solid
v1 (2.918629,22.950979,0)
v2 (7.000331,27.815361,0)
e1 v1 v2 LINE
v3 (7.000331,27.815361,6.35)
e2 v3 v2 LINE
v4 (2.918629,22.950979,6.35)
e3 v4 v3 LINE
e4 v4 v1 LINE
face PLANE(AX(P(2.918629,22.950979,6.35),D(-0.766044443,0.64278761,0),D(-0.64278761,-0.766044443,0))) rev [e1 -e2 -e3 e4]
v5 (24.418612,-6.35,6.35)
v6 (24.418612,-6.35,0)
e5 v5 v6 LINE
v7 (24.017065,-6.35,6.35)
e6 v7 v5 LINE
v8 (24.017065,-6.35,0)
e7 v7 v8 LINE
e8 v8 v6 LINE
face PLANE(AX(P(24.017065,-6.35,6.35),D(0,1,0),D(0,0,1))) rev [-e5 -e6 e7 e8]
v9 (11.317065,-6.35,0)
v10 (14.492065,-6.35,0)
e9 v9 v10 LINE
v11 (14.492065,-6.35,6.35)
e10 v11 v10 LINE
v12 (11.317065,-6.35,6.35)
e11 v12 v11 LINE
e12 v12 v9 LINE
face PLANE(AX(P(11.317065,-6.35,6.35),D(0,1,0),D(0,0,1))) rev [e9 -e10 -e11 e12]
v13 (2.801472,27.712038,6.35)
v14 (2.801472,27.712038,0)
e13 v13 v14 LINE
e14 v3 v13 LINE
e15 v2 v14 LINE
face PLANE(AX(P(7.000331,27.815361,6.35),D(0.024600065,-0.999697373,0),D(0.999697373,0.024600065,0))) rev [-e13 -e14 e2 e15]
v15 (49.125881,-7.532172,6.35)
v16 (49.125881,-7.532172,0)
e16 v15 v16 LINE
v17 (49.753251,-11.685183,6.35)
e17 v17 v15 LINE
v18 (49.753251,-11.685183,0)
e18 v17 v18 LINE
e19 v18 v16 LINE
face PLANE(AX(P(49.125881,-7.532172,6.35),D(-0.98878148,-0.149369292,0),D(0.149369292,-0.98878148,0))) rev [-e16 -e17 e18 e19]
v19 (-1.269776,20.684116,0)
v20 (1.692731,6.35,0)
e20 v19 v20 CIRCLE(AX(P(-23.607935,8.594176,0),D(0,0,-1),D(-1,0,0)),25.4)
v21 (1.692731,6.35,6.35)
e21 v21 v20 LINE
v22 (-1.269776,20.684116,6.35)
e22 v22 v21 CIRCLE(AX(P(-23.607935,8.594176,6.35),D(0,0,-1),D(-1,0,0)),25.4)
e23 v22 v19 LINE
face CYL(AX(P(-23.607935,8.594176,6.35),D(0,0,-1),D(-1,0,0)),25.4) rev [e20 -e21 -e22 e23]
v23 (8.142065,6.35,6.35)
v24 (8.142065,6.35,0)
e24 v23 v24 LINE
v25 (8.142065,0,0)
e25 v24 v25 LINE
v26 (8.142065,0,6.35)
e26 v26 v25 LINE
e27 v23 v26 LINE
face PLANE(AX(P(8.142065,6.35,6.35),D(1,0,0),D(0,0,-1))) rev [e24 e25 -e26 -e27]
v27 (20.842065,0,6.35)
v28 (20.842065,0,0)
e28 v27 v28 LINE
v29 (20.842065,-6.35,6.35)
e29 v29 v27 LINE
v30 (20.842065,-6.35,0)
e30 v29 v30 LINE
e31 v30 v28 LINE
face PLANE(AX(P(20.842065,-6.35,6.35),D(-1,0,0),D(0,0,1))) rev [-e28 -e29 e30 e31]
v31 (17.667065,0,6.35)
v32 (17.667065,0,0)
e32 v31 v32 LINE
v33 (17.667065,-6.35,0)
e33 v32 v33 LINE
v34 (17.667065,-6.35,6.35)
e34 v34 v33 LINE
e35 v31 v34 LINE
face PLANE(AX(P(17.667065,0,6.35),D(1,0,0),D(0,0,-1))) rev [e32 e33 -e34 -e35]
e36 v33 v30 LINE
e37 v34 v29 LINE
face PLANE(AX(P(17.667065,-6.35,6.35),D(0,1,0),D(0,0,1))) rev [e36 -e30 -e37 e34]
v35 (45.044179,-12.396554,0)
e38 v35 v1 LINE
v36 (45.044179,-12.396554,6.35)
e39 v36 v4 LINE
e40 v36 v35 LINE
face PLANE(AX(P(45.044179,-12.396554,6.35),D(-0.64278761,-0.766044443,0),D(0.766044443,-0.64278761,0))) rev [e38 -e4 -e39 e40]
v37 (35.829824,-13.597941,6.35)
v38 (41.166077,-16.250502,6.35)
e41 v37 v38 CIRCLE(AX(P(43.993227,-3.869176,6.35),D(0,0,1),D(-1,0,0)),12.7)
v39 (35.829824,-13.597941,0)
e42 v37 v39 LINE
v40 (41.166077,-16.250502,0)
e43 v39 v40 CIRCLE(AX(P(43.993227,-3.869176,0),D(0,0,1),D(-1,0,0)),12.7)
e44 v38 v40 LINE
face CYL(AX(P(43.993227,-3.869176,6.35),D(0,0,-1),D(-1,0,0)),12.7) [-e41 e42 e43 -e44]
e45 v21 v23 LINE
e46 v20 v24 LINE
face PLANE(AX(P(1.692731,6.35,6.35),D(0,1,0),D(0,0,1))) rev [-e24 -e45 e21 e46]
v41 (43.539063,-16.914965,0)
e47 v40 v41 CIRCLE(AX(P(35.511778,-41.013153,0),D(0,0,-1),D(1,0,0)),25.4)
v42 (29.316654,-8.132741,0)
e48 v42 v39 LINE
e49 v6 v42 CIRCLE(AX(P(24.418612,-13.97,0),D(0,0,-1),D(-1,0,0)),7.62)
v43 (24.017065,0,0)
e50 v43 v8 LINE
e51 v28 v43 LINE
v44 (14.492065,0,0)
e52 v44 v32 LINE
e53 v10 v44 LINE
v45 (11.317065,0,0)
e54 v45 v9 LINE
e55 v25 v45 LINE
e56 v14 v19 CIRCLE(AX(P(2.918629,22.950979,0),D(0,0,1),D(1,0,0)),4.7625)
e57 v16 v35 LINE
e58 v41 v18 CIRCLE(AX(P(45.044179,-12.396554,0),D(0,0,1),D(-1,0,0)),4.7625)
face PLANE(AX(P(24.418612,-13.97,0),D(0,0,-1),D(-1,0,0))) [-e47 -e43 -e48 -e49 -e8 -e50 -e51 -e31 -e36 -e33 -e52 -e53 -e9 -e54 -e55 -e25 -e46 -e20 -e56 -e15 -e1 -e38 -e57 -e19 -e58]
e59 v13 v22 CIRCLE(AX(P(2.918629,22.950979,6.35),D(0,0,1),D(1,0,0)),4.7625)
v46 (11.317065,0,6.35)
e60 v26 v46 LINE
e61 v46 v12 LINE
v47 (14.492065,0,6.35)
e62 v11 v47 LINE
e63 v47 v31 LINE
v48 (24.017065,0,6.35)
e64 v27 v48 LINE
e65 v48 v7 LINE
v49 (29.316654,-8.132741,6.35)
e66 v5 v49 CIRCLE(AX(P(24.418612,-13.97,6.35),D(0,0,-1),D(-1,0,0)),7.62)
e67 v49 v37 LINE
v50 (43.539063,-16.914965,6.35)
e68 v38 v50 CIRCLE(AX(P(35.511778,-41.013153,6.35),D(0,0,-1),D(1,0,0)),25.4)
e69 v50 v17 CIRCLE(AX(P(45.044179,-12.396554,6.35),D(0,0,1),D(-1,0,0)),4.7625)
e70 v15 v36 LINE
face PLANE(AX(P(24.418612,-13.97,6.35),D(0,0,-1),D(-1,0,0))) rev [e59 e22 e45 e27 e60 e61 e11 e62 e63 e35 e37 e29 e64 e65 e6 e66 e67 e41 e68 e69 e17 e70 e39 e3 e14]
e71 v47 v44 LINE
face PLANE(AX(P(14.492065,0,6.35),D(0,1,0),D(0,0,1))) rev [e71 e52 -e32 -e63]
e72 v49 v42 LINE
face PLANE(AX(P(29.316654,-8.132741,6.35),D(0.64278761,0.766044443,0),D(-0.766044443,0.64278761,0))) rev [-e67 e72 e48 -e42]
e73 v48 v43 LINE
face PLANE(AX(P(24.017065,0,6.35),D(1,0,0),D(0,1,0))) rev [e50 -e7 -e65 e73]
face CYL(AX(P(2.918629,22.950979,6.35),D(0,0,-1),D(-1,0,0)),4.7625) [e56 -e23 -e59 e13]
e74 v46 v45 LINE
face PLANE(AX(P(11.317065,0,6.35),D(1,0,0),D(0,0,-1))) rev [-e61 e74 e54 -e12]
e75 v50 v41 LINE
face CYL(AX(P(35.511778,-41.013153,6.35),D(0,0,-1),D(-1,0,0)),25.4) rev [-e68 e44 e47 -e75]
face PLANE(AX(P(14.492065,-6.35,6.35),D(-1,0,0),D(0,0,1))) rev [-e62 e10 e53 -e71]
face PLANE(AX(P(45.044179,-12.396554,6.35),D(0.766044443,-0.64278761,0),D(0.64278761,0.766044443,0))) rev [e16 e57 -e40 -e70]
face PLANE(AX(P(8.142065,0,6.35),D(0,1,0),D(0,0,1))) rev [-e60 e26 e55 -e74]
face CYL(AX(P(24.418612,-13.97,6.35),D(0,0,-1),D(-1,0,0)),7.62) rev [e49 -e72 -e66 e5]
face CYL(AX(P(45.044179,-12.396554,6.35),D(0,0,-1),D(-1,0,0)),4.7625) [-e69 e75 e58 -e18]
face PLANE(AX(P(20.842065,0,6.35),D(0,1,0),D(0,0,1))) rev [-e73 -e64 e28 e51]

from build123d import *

# Parameters (mm, degrees)
BOSS_EXTRUDE1_DEPTH = 6.35


with BuildPart() as part:
    # Sketch1 → Boss-Extrude1 (new body)
    with BuildSketch(Plane.XY):
        with BuildLine():
            Line((8.142065145, 0), (11.317065145, 0))
            Line((11.317065145, 0), (11.317065145, -6.35))
            Line((11.317065145, -6.35), (14.492065145, -6.35))
            Line((14.492065145, -6.35), (14.492065145, 0))
            Line((14.492065145, 0), (17.667065145, 0))
            Line((17.667065145, 0), (17.667065145, -6.35))
            Line((17.667065145, -6.35), (20.842065145, -6.35))
            Line((20.842065145, -6.35), (20.842065145, 0))
            Line((20.842065145, 0), (24.017065145, 0))
            Line((24.017065145, 0), (24.017065145, -6.35))
            Line((24.017065145, -6.35), (24.41861196, -6.35))
            ThreePointArc((24.41861196, -6.35), (27.024805452, -6.80954223), (29.316653546, -8.132741343))
            Line((29.316653546, -8.132741343), (35.829824373, -13.597940583))
            ThreePointArc((35.829824373, -13.597940583), (38.340167596, -15.241639353), (41.166077246, -16.250501778))
            ThreePointArc((41.166077246, -16.250501778), (42.360633111, -16.553938407), (43.539063258, -16.914964572))
            ThreePointArc((43.539063258, -16.914964572), (48.11077138, -16.040373561), (49.753251097, -11.685182984))
            Line((49.753251097, -11.685182984), (49.125880621, -7.532172023))
            Line((49.125880621, -7.532172023), (45.0441793, -12.396554237))
            Line((45.0441793, -12.396554237), (2.918629328, 22.950979207))
            Line((2.918629328, 22.950979207), (7.00033065, 27.815361421))
            Line((7.00033065, 27.815361421), (2.801471518, 27.712037944))
            ThreePointArc((2.801471518, 27.712037944), (-1.202340319, 25.338240278), (-1.269775543, 20.68411554))
            ThreePointArc((-1.269775543, 20.68411554), (1.266371651, 13.735078219), (1.692730633, 6.35))
            Line((1.692730633, 6.35), (8.142065145, 6.35))
            Line((8.142065145, 6.35), (8.142065145, 0))
        make_face()
    extrude(amount=BOSS_EXTRUDE1_DEPTH)


solid = part.part
